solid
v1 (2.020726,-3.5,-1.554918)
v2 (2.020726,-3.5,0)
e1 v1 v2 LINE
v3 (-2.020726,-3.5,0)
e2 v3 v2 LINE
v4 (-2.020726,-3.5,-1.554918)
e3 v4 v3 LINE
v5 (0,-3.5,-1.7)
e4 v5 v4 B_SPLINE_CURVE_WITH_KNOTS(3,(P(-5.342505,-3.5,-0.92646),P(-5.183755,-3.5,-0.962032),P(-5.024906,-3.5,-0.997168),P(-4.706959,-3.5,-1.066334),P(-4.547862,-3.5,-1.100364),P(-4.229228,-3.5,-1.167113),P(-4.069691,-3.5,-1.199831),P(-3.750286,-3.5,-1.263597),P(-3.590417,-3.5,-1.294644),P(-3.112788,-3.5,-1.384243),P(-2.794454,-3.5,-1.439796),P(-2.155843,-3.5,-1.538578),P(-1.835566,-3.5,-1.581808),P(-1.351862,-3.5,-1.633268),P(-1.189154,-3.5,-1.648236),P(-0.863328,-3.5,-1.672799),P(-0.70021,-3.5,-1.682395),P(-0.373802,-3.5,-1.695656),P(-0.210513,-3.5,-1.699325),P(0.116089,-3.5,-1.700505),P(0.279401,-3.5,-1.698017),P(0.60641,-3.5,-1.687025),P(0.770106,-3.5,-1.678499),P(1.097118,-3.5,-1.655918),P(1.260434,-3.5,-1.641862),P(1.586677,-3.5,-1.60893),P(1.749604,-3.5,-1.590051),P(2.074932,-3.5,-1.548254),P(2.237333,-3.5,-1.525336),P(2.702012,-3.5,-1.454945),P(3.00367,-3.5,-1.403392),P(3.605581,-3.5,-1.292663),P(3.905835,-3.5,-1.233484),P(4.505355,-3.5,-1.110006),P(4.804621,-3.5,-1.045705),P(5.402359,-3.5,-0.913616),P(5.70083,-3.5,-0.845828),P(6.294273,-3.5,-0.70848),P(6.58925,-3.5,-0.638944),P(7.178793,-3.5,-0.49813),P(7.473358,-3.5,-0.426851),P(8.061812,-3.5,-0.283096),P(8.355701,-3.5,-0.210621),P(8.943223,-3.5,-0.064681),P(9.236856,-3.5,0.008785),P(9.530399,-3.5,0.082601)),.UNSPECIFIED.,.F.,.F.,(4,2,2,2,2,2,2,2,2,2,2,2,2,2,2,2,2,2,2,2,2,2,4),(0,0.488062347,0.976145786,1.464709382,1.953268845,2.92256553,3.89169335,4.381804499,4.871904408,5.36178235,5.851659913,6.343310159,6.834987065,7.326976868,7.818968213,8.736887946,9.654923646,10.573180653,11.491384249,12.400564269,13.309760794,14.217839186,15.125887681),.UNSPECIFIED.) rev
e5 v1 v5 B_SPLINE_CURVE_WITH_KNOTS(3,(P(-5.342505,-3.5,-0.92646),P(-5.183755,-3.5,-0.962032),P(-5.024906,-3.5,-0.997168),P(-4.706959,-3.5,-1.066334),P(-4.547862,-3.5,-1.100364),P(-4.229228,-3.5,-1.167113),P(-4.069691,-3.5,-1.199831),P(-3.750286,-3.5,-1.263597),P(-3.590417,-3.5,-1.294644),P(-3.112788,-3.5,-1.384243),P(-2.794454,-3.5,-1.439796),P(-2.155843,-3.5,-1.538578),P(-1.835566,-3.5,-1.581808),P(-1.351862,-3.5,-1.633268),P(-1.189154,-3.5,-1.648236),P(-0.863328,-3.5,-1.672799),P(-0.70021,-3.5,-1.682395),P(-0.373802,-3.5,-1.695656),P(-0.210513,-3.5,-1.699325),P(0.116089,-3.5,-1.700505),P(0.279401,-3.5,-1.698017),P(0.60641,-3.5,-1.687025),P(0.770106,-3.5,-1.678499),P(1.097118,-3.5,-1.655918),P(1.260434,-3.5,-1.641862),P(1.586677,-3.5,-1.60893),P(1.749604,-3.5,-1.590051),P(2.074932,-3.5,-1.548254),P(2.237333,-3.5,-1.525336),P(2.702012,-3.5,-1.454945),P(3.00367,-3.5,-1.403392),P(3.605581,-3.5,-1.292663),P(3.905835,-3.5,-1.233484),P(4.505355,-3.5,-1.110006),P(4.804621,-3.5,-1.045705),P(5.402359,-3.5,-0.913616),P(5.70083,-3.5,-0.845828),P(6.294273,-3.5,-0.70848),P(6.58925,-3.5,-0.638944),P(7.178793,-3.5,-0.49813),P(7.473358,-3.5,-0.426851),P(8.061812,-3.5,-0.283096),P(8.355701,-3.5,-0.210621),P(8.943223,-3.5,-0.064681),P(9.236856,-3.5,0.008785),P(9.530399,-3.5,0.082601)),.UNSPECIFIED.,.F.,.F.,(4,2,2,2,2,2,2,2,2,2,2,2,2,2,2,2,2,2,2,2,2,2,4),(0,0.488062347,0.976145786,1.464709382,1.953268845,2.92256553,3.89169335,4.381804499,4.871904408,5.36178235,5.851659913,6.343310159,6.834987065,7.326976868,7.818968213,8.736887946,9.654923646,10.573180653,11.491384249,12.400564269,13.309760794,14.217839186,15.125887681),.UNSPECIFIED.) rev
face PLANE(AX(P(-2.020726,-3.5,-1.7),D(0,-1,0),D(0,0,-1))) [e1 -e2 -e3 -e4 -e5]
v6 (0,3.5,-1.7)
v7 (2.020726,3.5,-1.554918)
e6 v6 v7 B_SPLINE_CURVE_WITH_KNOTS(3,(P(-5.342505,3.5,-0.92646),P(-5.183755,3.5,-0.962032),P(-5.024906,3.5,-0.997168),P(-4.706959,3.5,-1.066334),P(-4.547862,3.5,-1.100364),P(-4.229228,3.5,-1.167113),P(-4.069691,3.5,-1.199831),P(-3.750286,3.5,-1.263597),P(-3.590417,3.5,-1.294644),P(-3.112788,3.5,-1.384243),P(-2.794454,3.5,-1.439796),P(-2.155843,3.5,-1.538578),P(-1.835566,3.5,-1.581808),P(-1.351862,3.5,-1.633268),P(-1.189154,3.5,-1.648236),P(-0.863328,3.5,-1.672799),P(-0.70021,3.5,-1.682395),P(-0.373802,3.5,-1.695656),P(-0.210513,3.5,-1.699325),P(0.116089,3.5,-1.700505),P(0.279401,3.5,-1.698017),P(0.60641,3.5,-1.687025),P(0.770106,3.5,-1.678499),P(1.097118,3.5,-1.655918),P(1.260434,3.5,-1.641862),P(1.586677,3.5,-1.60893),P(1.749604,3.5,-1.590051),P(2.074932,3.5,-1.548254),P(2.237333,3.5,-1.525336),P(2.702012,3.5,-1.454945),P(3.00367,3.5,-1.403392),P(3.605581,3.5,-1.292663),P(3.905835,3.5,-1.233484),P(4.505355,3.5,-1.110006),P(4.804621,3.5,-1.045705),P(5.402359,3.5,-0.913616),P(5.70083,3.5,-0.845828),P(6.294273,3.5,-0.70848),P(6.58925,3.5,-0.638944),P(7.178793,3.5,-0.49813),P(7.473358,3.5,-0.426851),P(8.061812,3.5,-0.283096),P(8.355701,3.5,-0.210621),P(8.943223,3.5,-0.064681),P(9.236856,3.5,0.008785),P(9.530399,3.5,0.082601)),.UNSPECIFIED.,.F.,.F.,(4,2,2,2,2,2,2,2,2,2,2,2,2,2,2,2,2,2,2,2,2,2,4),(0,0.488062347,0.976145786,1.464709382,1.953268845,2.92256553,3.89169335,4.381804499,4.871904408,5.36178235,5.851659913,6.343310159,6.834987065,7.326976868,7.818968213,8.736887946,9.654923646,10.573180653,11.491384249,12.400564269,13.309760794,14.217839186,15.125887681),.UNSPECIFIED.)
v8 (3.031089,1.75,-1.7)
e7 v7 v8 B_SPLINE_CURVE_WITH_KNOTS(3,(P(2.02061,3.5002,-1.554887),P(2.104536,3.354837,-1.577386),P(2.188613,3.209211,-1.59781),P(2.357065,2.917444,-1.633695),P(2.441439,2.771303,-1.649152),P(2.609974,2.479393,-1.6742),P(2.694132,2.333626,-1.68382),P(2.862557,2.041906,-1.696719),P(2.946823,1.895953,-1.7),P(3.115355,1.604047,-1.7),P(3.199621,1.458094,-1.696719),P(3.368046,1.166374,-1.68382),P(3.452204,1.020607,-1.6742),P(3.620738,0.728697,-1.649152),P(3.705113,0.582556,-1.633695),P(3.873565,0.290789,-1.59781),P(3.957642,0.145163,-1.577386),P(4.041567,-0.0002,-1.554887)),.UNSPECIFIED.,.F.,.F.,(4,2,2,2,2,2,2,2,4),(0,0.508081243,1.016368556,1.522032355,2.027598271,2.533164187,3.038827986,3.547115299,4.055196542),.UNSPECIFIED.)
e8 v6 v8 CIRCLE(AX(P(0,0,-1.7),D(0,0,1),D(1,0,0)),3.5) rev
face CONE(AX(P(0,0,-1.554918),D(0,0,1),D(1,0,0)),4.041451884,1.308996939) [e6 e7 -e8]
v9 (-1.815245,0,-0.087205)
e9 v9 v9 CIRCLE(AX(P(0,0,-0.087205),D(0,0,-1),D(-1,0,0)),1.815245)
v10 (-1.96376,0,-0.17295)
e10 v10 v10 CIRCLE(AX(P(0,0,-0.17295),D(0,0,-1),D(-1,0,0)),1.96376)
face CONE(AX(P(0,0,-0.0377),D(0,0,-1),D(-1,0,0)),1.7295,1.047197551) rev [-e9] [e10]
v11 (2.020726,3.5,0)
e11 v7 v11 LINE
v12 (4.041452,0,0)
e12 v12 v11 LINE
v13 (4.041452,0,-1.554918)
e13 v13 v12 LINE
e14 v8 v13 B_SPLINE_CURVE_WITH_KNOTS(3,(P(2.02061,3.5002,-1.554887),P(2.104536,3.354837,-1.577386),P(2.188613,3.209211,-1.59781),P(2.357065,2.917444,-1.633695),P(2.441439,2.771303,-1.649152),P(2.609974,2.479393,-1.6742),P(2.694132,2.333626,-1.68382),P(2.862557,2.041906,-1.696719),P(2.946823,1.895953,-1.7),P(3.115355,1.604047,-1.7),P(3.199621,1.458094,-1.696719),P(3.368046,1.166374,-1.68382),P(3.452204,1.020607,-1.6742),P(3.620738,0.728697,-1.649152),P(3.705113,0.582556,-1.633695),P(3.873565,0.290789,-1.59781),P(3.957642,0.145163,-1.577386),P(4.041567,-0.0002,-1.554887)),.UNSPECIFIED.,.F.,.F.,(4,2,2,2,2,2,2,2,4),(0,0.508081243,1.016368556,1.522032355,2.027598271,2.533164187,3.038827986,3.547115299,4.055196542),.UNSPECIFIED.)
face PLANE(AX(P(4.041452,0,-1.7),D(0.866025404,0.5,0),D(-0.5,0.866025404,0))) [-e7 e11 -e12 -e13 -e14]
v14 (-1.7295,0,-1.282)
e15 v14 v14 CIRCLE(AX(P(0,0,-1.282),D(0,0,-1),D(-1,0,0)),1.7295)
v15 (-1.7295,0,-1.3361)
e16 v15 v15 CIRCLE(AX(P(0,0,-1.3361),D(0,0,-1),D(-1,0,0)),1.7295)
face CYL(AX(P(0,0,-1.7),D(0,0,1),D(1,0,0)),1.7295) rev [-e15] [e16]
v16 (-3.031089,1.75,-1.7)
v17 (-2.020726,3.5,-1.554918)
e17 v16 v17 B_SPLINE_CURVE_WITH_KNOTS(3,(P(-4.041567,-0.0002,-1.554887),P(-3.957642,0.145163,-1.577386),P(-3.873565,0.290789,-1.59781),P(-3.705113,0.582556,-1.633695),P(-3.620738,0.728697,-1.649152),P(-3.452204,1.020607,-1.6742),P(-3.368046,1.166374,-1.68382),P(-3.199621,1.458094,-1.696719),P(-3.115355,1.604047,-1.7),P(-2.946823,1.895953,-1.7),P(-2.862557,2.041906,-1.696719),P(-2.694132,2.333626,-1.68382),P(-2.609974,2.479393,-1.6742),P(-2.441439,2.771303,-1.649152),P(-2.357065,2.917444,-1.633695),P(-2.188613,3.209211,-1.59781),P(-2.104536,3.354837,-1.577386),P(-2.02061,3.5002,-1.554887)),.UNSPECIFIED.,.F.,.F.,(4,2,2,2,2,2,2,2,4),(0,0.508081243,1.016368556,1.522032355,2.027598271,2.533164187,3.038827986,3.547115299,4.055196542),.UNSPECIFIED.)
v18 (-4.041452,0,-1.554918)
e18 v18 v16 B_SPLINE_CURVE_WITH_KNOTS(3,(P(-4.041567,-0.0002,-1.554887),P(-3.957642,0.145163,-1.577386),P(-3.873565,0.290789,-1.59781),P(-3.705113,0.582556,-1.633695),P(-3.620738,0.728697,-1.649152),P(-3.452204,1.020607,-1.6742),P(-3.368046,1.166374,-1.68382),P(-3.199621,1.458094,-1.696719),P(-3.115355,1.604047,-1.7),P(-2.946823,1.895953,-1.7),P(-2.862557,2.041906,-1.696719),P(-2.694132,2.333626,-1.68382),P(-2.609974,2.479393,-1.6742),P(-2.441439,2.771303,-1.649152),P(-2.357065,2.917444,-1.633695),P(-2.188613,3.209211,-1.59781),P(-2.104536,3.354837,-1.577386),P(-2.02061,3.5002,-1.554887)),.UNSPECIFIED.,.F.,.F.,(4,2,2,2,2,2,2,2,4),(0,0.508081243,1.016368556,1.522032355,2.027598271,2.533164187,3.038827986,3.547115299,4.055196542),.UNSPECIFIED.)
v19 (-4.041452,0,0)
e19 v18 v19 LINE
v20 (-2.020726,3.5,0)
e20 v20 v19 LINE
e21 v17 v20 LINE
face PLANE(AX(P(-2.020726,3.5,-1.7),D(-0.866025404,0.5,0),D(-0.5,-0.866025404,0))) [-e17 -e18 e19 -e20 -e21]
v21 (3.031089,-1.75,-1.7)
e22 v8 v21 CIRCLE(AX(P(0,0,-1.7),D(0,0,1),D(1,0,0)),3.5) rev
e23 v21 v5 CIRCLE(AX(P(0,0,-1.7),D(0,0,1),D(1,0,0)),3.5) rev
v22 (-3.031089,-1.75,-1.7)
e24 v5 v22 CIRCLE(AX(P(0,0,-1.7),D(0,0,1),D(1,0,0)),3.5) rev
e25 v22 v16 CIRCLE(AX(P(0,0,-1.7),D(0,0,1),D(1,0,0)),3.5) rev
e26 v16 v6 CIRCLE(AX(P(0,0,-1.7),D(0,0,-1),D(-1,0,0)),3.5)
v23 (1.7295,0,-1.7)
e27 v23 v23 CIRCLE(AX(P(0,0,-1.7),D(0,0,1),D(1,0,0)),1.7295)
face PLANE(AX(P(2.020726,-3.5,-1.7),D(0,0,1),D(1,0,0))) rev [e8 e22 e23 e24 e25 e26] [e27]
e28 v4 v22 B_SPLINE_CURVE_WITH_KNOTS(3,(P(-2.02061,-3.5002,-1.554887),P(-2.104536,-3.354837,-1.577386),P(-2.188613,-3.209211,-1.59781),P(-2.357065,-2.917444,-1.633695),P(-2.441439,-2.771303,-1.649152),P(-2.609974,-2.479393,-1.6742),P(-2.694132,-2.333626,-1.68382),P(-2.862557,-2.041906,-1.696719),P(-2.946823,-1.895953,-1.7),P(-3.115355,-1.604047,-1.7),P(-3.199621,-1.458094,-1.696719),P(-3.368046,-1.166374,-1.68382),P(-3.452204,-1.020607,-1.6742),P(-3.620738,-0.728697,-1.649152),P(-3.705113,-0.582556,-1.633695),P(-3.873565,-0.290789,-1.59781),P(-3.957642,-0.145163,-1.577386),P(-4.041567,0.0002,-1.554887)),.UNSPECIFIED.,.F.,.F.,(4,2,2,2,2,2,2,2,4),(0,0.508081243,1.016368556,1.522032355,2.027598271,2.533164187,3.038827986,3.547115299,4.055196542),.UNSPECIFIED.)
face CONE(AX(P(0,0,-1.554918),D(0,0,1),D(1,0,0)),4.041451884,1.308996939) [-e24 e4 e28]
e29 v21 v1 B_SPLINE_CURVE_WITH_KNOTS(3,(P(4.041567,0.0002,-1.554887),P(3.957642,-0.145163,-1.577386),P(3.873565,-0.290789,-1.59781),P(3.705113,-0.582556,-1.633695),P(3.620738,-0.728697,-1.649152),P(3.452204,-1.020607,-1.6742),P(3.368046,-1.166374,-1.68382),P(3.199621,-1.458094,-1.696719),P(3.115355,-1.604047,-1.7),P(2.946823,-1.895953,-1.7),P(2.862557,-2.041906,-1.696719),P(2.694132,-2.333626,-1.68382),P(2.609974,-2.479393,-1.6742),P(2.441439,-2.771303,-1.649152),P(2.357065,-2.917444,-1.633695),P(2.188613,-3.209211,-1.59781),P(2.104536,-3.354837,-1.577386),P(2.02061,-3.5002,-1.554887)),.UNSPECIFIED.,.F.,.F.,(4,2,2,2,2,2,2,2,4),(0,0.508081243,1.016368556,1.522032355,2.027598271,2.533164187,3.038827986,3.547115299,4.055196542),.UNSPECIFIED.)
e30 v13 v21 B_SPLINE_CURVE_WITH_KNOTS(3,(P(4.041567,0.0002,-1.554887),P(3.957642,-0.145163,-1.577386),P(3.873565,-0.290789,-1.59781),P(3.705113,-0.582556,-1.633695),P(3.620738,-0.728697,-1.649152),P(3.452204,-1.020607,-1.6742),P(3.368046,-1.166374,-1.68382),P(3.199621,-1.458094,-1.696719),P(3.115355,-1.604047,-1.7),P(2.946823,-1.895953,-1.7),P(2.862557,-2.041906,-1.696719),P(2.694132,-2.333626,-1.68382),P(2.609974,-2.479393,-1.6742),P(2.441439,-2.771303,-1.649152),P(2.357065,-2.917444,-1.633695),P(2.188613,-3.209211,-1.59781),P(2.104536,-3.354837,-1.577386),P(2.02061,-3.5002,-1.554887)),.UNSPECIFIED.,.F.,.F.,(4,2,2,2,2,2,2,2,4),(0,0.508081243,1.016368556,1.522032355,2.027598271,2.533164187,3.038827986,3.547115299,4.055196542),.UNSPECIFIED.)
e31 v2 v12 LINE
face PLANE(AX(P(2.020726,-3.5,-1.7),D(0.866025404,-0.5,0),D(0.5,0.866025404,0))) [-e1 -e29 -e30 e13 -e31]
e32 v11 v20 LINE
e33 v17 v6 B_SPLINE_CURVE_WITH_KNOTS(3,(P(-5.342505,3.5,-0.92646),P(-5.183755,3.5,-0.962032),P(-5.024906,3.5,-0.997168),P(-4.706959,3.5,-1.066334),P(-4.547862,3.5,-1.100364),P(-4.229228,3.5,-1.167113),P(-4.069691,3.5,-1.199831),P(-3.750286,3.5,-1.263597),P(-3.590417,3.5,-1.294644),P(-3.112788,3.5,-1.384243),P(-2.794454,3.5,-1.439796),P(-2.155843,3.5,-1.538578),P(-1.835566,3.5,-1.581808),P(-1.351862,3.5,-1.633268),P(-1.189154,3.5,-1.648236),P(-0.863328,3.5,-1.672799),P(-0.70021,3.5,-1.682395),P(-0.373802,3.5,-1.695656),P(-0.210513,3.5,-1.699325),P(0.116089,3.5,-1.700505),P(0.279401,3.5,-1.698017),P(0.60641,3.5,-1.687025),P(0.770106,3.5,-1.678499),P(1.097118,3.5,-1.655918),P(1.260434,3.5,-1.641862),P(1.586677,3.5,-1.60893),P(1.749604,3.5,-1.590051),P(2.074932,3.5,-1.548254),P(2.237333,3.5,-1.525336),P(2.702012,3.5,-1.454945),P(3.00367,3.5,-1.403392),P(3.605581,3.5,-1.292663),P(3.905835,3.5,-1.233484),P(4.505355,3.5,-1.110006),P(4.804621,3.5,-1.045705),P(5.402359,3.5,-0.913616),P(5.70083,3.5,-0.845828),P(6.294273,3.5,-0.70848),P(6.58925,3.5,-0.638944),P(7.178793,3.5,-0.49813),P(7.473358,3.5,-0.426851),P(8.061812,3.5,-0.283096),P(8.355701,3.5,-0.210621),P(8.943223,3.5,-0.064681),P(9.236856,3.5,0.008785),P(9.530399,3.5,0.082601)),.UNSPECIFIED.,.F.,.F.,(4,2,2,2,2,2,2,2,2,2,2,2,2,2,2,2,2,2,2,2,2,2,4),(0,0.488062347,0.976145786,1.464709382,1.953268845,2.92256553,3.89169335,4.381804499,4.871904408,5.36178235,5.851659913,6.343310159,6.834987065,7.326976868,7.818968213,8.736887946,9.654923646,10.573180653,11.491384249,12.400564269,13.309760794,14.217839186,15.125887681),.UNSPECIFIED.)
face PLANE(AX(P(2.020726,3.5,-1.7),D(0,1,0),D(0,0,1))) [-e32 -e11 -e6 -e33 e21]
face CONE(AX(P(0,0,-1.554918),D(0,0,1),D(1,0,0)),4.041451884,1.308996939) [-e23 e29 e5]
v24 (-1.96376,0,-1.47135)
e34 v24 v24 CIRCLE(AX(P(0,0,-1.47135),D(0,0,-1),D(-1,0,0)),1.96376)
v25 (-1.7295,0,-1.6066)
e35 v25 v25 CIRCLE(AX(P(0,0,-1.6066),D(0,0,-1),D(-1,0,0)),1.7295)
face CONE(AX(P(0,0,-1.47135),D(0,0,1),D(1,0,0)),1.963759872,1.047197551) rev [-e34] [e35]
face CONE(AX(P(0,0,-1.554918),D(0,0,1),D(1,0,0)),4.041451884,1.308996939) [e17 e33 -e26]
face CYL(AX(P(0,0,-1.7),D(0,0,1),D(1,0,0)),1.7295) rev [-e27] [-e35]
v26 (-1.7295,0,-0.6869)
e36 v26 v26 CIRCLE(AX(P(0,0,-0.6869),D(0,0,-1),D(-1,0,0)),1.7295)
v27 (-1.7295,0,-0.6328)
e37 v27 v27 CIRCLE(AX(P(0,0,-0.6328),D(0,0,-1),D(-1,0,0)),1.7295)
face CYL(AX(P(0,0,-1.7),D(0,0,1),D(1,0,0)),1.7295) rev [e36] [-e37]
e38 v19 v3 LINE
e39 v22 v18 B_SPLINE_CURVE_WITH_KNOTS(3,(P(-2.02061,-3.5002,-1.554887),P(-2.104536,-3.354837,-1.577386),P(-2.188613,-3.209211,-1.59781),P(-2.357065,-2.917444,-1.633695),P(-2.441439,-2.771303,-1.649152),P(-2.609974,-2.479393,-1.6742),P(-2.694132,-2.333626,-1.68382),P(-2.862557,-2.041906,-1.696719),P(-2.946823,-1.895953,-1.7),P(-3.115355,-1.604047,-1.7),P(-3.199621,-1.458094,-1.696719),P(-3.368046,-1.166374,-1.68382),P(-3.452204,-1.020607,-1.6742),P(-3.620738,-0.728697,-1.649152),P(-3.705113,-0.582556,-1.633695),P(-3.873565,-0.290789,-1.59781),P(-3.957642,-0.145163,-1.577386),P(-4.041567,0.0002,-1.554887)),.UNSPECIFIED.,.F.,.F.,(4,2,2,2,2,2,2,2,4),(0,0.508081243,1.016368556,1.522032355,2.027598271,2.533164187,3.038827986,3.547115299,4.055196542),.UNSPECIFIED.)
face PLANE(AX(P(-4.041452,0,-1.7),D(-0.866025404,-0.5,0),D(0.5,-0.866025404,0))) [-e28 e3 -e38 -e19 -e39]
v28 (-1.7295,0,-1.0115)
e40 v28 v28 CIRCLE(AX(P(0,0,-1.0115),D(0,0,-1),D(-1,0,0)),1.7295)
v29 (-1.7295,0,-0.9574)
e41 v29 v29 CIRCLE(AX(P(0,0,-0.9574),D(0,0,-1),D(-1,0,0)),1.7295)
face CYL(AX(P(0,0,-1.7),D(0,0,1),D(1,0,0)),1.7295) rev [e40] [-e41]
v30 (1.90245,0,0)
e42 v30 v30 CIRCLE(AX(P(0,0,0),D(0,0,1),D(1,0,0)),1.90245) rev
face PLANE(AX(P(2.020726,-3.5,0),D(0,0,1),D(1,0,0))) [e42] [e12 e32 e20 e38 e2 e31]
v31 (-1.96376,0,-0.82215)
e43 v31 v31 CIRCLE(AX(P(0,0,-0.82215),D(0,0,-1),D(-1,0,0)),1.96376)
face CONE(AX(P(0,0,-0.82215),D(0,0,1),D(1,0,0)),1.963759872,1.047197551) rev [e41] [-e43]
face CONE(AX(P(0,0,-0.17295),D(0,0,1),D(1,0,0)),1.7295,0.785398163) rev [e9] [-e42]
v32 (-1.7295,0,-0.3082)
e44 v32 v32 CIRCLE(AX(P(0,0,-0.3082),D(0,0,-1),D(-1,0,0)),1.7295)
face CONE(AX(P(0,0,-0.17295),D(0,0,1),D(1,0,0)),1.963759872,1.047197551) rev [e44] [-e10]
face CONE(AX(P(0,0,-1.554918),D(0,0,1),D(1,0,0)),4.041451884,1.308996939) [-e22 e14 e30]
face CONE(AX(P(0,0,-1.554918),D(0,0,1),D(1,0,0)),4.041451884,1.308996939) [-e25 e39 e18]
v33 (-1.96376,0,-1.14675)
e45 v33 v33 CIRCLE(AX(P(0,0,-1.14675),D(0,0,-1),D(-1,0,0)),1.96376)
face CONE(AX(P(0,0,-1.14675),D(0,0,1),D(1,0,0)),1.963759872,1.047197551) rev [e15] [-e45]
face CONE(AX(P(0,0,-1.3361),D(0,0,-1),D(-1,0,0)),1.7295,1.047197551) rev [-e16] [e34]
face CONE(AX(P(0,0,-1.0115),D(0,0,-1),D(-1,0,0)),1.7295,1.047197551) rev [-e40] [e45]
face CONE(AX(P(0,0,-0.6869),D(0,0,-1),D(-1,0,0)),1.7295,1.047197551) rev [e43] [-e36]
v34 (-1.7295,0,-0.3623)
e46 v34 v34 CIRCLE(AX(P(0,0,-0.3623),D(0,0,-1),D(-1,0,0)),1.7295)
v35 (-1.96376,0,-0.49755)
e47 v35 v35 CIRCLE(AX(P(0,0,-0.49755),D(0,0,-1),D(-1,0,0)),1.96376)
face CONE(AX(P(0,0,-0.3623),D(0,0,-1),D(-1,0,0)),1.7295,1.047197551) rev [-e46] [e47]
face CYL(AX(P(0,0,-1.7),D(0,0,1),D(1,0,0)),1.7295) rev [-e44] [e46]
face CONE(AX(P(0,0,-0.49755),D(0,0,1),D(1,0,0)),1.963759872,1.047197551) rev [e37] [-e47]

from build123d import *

# Parameters (mm, degrees)
SKETCH1_R        = 1.7295
BASENUT_DEPTH    = 1.7
CHAMFER1_SIZE    = 0.17295
LPATTERN10_COUNT = 5
LPATTERN10_PITCH = 0.3246


with BuildPart() as part:
    # Sketch1 → BaseNut (new body)
    with BuildSketch(Plane.XY):
        Polygon((2.020725942, -3.5), (4.041451884, 0), (2.020725942, 3.5), (-2.020725942, 3.5), (-4.041451884, 0), (-2.020725942, -3.5), align=None)
        Circle(SKETCH1_R, mode=Mode.SUBTRACT)
    extrude(amount=-BASENUT_DEPTH)

    # Sketch2 → Double-Chamfer (revolve, cut)
    with BuildSketch(Plane(origin=(0, 0, 0), x_dir=(1, 0, 0), z_dir=(0, 1, 0))):
        Polygon((-4.041451884, 1.7), (-3.5, 1.7), (-4.041451884, 1.554918405), align=None)
    revolve(axis=Axis((0, 0, -3.375940562), (0, 0, 1)), mode=Mode.SUBTRACT)

    # Chamfer1
    chamfer1_edges = [part.edges().sort_by_distance(p)[0] for p in [
        (-1.7295, 0, 0),
    ]]
    chamfer(chamfer1_edges, length=CHAMFER1_SIZE)

    # Sketch3 → Cut-Revolve10 (revolve, cut)
    with BuildSketch(Plane(origin=(0, 0, 0), x_dir=(1, 0, 0), z_dir=(0, 1, 0))):
        Polygon((1.459, 0.3082), (1.7295, 0.3082), (1.963759872, 0.17295), (1.7295, 0.0377), (1.459, 0.0377), align=None)
    cut_revolve10 = revolve(axis=Axis((0, 0, -2.739364781), (0, 0, 1)), mode=Mode.SUBTRACT)

    # LPattern10: Cut-Revolve10 ×5
    with Locations(*[(0, 0, -i * LPATTERN10_PITCH) for i in range(1, LPATTERN10_COUNT)]):
        add(cut_revolve10, mode=Mode.SUBTRACT)


solid = part.part
